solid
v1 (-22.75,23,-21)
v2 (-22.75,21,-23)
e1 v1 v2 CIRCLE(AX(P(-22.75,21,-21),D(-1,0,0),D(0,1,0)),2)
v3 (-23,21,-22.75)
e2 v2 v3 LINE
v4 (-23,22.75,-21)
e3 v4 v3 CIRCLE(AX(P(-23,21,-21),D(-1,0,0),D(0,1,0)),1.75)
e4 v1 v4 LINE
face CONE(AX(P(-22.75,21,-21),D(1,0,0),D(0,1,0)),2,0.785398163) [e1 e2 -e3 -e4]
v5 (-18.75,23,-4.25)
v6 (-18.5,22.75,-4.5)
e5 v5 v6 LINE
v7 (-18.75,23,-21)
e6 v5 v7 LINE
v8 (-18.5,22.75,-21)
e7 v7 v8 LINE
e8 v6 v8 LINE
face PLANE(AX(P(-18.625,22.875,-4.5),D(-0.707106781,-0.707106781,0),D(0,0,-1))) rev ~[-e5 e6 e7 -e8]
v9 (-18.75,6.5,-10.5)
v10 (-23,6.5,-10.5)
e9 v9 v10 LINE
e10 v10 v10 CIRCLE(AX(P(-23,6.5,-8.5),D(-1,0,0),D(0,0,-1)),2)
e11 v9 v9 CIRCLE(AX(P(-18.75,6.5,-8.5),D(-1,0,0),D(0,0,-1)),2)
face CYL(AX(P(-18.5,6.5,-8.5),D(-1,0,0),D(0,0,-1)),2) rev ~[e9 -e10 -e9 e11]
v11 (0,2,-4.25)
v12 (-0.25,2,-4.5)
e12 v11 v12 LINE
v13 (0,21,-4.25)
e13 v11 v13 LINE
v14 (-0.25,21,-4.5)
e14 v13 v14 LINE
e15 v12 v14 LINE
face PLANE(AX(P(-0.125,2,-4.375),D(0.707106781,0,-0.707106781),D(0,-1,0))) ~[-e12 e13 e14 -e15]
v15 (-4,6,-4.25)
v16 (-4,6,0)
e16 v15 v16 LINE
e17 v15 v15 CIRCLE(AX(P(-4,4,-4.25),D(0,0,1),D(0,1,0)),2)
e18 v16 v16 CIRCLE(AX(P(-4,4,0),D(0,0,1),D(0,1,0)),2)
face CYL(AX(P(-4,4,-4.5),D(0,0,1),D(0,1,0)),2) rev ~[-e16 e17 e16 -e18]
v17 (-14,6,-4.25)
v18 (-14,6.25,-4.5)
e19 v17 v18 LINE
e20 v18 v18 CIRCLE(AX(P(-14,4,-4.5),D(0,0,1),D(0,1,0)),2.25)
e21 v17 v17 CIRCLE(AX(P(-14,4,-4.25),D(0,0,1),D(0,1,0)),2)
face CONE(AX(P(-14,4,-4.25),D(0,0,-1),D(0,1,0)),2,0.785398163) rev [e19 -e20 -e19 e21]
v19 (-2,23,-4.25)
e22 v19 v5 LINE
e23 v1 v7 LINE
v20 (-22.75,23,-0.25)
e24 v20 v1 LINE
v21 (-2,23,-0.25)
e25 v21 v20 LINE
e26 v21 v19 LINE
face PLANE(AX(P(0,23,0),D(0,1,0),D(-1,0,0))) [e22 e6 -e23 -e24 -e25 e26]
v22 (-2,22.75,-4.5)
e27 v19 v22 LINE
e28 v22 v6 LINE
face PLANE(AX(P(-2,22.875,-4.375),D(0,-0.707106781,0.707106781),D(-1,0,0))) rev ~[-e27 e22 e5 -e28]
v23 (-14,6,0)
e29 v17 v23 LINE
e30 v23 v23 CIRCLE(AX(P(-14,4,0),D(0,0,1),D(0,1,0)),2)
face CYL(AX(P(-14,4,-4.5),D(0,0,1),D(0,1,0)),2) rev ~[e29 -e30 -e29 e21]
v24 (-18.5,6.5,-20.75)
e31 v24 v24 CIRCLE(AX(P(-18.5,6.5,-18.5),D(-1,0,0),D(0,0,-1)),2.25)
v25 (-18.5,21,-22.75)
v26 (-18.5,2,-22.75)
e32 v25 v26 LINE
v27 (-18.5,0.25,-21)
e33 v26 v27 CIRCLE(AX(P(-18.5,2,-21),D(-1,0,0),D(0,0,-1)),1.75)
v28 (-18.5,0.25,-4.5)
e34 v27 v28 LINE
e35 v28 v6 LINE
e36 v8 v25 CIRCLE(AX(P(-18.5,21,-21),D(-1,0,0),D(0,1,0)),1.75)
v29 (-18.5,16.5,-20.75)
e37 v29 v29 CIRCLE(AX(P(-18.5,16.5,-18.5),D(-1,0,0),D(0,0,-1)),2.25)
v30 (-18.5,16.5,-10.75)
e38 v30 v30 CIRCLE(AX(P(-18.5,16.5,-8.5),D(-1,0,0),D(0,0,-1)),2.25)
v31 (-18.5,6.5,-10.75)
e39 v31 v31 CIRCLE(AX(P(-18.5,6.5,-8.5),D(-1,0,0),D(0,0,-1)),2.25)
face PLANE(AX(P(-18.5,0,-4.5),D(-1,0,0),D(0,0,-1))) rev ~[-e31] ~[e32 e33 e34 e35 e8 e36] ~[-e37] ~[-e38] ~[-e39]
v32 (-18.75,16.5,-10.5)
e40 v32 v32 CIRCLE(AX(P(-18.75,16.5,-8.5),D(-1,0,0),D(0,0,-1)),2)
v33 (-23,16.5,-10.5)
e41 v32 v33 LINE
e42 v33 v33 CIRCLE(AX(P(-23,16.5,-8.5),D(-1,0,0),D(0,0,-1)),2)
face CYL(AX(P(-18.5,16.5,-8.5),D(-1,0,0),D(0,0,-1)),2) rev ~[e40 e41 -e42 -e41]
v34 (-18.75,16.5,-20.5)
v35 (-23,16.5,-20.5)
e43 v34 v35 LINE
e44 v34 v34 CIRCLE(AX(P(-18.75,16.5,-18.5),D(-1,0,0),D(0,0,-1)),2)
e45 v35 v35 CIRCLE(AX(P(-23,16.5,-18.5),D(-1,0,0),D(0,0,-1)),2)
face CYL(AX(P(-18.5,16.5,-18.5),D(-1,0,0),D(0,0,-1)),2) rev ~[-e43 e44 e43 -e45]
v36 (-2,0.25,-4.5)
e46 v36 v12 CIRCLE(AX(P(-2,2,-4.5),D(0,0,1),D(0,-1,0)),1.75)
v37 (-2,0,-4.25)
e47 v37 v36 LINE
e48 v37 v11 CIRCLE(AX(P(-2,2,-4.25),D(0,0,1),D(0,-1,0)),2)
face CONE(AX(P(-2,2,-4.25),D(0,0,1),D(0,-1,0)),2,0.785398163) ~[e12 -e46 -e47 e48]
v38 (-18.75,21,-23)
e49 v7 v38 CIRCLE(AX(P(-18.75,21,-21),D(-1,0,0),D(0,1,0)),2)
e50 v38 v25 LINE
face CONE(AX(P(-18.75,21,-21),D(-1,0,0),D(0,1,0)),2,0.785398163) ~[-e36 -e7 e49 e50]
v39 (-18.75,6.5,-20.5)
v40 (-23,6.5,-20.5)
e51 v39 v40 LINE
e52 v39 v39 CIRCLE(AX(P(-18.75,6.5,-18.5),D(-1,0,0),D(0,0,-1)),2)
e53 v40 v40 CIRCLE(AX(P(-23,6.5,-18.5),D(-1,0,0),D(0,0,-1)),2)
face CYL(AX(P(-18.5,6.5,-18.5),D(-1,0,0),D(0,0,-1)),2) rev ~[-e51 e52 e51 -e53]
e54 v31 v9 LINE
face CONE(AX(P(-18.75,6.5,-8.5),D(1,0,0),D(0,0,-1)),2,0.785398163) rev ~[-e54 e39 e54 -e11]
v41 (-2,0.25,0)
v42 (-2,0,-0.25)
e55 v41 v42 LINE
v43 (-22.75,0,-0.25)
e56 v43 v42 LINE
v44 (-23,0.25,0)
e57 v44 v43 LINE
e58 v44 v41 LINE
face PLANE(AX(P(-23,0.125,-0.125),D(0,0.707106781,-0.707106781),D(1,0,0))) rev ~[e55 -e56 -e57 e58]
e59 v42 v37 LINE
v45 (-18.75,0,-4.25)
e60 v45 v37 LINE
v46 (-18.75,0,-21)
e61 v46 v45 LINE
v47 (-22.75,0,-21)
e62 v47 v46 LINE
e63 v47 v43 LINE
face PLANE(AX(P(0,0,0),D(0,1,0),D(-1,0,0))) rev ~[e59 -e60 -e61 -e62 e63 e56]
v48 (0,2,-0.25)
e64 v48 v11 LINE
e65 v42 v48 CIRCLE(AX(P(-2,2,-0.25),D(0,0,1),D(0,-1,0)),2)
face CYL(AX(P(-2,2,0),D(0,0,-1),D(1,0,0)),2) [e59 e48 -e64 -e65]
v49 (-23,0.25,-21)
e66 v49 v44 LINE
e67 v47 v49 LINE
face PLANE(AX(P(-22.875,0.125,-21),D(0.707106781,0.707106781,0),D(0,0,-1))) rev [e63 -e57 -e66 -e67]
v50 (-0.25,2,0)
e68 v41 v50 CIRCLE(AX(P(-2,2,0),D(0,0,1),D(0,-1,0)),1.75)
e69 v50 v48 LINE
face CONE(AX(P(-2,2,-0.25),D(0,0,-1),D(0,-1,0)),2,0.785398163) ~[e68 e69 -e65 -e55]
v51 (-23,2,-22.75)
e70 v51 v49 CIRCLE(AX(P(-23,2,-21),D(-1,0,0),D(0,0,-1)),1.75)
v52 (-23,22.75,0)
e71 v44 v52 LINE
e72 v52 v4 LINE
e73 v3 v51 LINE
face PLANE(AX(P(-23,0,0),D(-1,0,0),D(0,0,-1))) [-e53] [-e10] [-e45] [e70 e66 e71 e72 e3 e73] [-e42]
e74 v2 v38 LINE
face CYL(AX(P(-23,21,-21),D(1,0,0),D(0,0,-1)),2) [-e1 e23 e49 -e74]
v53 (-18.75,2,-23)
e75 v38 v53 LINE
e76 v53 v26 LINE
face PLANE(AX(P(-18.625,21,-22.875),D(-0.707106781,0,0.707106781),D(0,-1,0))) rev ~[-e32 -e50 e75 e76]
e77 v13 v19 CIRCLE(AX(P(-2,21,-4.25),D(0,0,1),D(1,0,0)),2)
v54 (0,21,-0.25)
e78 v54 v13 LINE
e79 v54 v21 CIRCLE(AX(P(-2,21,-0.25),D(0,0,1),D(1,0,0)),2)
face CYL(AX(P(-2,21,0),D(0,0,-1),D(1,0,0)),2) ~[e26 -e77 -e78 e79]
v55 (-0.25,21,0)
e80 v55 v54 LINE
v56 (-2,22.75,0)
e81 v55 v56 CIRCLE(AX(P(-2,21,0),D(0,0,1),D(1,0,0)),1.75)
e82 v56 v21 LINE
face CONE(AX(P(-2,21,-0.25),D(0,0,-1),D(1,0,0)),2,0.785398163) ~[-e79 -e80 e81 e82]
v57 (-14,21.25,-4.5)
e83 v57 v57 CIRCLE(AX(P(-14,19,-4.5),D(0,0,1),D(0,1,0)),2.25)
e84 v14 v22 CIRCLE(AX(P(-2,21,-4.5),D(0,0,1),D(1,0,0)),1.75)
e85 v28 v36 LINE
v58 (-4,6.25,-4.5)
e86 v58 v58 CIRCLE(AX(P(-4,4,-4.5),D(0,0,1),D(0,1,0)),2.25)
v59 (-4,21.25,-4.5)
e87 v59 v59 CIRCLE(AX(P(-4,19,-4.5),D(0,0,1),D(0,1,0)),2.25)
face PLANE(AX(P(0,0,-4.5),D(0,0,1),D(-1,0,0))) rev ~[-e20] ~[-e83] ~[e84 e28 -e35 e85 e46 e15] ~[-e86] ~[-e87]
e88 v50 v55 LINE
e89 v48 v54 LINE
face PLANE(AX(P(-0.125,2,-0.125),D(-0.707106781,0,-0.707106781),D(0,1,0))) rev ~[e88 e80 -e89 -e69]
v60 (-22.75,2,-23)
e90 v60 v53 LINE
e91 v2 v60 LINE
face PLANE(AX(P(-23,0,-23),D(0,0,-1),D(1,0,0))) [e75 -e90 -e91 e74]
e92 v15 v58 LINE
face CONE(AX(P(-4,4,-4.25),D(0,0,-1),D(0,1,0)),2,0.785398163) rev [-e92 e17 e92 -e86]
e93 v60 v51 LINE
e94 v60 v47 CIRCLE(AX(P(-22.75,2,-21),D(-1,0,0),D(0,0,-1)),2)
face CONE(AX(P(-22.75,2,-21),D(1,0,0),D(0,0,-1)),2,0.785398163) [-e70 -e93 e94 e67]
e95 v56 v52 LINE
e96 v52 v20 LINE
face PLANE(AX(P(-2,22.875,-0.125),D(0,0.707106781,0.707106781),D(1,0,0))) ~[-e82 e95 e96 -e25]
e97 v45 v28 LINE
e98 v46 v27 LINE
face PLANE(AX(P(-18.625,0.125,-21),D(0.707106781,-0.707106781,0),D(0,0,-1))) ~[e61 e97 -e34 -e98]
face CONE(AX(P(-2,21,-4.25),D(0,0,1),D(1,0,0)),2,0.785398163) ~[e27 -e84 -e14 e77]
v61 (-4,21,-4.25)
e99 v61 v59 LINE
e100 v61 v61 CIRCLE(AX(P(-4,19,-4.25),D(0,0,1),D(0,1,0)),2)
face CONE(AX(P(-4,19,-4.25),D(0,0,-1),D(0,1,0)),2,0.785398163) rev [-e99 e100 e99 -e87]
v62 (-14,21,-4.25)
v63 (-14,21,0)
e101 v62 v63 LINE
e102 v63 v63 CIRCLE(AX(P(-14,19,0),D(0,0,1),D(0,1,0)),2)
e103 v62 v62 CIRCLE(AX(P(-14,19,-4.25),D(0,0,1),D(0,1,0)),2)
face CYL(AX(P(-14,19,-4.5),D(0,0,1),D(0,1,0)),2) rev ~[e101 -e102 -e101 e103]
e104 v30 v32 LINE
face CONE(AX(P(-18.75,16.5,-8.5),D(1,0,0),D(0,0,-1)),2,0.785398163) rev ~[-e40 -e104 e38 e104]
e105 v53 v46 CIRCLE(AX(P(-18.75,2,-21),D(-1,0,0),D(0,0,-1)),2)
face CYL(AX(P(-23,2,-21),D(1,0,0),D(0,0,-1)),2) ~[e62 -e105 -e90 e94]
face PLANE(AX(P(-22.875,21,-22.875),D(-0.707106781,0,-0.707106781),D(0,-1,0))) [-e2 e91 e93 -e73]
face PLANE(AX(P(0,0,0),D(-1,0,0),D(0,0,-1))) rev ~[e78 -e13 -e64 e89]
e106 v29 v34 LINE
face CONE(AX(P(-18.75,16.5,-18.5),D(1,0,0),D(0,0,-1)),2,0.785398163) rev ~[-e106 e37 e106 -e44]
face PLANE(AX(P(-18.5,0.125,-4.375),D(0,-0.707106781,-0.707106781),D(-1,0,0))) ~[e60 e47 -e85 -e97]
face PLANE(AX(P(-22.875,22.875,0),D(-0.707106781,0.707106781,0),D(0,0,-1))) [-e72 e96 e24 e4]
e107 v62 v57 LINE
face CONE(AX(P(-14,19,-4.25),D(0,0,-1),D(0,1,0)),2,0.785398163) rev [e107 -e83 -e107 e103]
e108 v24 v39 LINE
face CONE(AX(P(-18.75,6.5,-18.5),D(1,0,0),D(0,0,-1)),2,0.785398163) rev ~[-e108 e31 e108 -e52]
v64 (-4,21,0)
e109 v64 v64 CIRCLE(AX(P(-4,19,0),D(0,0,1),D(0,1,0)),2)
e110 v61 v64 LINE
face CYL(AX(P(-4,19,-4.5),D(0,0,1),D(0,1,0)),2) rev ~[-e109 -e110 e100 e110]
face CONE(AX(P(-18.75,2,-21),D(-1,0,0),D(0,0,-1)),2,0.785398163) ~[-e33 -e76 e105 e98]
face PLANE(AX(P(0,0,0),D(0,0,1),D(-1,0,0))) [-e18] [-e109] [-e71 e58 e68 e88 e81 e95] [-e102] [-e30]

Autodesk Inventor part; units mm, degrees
ref_plane "YZ Plane" through (0, 0, 0) normal (1, 0, 0) x (0, 1, 0)
ref_plane "XZ Plane" through (0, 0, 0) normal (0, 1, 0) x (-1, 0, 0)
ref_plane "XY Plane" through (0, 0, 0) normal (0, 0, 1) x (1, 0, 0)
sketch "Sketch1" plane through (0, 0, 0) normal (0, 1, 0) x (-1, 0, 0)
  line L0 (0, 0) -> (0, -4.5)
  line L1 (0, 0) -> (23, 0)
  line L2 (23, 0) -> (23, -23)
  line L3 (23, -23) -> (18.5, -23)
  line L4 (0, -4.5) -> (18.5, -4.5)
  line L5 (18.5, -4.5) -> (18.5, -23)
  dimension "d0" = 4.5
  dimension "d1" = 23
  dimension "d2" = 23
  dimension "d3" = 4.5
extrude "Extrusion1" add sketch "Sketch1" along normal blind 23
fillet "Fillet1" radius 2 4 edges at (-20.75, 23, -23) (-20.75, 0, -23) (0, 0, -2.25) (0, 23, -2.25)
sketch "Sketch2" plane through (-18.5, 0, -4.5) normal (0, 0, -1) x (-1, 0, 0)
  circle A0 centre (-14.5, 19) radius 2
  circle A1 centre (-4.5, 19) radius 2
  circle A2 centre (-4.5, 4) radius 2
  circle A3 centre (-14.5, 4) radius 2
  line L0 (-16.5, 23) -> (0, 23) projected
  line L1 (-16.5, 0) -> (0, 0) projected
  line L2 (-18.5, 2) -> (-18.5, 21) projected
  line L3 (4.5, 2) -> (4.5, 21) projected
  point P0 (-18.5, 0)
  dimension "d7" = 4
  dimension "d8" = 4
  dimension "d9" = 4
  dimension "d10" = 4
  dimension "d11" = 4
  dimension "d12" = 15
  dimension "d13" = 4
  dimension "d14" = 4
  dimension "d15" = 10
  dimension "d16" = 4
  dimension "d17" = 4
  dimension "d18" = 9
  dimension "d19" = 9
hole "Hole1" at (-4, 19, -4.5) at (-4, 4, -4.5) at (-14, 19, -4.5) at (-14, 4, -4.5) direction (0, 0, 1) diameter 4 depth 4.5 tip angle 118
sketch "Sketch3" plane through (-18.5, 0, -4.5) normal (1, 0, 0) x (0, 0, -1)
  line L0 (4, 16.5) -> (14, 16.5) construction
  line L1 (14, 16.5) -> (14, 6.5) construction
  line L2 (14, 6.5) -> (4, 6.5) construction
  line L3 (4, 6.5) -> (4, 16.5) construction
  circle A0 centre (4, 16.5) radius 2
  circle A1 centre (14, 16.5) radius 2
  circle A2 centre (14, 6.5) radius 2
  circle A3 centre (4, 6.5) radius 2
  line L4 (0, 23) -> (16.5, 23) projected
  line L5 (-4.5, 2) -> (-4.5, 21) projected
  line L6 (18.5, 2) -> (18.5, 21) projected
  point P0 (-4.5, 0)
  dimension "d27" = 4
  dimension "d28" = 4
  dimension "d29" = 4
  dimension "d30" = 4
  dimension "d31" = 6.5
  dimension "d32" = 10
  dimension "d33" = 10
  dimension "d34" = 8.5
  dimension "d35" = 4.5
hole "Hole2" at (-18.5, 16.5, -8.5) at (-18.5, 16.5, -18.5) at (-18.5, 6.5, -8.5) at (-18.5, 6.5, -18.5) direction (-1, 0, 0) diameter 4 depth 4.5 tip angle 118
chamfer "Chamfer1" distance 0.25 angle 45 28 edges at (-10.25, 23, -4.5) (-0.5858, 22.4142, -4.5) (0, 11.5, -4.5) (-0.5858, 0.5858, -4.5) (-10.25, 0, -4.5) (-12.5, 23, 0) (-0.5858, 22.4142, 0) (0, 11.5, 0) (-0.5858, 0.5858, 0) (-12.5, 0, 0) (-18.5, 23, -12.75) (-18.5, 22.4142, -22.4142) (-18.5, 11.5, -23) (-18.5, 0.5858, -22.4142) (-18.5, 0, -12.75) (-23, 23, -10.5) (-23, 22.4142, -22.4142) (-23, 11.5, -23) (-23, 0.5858, -22.4142) (-23, 0, -10.5) (-18.5, 16.5, -6.5) (-18.5, 16.5, -16.5) (-18.5, 6.5, -6.5) (-18.5, 6.5, -16.5) (-14, 17, -4.5) (-4, 17, -4.5) (-14, 2, -4.5) (-4, 2, -4.5)
properties part number "HUDSON-1-06 FRONT BUFFER BEAM ANGLE"
